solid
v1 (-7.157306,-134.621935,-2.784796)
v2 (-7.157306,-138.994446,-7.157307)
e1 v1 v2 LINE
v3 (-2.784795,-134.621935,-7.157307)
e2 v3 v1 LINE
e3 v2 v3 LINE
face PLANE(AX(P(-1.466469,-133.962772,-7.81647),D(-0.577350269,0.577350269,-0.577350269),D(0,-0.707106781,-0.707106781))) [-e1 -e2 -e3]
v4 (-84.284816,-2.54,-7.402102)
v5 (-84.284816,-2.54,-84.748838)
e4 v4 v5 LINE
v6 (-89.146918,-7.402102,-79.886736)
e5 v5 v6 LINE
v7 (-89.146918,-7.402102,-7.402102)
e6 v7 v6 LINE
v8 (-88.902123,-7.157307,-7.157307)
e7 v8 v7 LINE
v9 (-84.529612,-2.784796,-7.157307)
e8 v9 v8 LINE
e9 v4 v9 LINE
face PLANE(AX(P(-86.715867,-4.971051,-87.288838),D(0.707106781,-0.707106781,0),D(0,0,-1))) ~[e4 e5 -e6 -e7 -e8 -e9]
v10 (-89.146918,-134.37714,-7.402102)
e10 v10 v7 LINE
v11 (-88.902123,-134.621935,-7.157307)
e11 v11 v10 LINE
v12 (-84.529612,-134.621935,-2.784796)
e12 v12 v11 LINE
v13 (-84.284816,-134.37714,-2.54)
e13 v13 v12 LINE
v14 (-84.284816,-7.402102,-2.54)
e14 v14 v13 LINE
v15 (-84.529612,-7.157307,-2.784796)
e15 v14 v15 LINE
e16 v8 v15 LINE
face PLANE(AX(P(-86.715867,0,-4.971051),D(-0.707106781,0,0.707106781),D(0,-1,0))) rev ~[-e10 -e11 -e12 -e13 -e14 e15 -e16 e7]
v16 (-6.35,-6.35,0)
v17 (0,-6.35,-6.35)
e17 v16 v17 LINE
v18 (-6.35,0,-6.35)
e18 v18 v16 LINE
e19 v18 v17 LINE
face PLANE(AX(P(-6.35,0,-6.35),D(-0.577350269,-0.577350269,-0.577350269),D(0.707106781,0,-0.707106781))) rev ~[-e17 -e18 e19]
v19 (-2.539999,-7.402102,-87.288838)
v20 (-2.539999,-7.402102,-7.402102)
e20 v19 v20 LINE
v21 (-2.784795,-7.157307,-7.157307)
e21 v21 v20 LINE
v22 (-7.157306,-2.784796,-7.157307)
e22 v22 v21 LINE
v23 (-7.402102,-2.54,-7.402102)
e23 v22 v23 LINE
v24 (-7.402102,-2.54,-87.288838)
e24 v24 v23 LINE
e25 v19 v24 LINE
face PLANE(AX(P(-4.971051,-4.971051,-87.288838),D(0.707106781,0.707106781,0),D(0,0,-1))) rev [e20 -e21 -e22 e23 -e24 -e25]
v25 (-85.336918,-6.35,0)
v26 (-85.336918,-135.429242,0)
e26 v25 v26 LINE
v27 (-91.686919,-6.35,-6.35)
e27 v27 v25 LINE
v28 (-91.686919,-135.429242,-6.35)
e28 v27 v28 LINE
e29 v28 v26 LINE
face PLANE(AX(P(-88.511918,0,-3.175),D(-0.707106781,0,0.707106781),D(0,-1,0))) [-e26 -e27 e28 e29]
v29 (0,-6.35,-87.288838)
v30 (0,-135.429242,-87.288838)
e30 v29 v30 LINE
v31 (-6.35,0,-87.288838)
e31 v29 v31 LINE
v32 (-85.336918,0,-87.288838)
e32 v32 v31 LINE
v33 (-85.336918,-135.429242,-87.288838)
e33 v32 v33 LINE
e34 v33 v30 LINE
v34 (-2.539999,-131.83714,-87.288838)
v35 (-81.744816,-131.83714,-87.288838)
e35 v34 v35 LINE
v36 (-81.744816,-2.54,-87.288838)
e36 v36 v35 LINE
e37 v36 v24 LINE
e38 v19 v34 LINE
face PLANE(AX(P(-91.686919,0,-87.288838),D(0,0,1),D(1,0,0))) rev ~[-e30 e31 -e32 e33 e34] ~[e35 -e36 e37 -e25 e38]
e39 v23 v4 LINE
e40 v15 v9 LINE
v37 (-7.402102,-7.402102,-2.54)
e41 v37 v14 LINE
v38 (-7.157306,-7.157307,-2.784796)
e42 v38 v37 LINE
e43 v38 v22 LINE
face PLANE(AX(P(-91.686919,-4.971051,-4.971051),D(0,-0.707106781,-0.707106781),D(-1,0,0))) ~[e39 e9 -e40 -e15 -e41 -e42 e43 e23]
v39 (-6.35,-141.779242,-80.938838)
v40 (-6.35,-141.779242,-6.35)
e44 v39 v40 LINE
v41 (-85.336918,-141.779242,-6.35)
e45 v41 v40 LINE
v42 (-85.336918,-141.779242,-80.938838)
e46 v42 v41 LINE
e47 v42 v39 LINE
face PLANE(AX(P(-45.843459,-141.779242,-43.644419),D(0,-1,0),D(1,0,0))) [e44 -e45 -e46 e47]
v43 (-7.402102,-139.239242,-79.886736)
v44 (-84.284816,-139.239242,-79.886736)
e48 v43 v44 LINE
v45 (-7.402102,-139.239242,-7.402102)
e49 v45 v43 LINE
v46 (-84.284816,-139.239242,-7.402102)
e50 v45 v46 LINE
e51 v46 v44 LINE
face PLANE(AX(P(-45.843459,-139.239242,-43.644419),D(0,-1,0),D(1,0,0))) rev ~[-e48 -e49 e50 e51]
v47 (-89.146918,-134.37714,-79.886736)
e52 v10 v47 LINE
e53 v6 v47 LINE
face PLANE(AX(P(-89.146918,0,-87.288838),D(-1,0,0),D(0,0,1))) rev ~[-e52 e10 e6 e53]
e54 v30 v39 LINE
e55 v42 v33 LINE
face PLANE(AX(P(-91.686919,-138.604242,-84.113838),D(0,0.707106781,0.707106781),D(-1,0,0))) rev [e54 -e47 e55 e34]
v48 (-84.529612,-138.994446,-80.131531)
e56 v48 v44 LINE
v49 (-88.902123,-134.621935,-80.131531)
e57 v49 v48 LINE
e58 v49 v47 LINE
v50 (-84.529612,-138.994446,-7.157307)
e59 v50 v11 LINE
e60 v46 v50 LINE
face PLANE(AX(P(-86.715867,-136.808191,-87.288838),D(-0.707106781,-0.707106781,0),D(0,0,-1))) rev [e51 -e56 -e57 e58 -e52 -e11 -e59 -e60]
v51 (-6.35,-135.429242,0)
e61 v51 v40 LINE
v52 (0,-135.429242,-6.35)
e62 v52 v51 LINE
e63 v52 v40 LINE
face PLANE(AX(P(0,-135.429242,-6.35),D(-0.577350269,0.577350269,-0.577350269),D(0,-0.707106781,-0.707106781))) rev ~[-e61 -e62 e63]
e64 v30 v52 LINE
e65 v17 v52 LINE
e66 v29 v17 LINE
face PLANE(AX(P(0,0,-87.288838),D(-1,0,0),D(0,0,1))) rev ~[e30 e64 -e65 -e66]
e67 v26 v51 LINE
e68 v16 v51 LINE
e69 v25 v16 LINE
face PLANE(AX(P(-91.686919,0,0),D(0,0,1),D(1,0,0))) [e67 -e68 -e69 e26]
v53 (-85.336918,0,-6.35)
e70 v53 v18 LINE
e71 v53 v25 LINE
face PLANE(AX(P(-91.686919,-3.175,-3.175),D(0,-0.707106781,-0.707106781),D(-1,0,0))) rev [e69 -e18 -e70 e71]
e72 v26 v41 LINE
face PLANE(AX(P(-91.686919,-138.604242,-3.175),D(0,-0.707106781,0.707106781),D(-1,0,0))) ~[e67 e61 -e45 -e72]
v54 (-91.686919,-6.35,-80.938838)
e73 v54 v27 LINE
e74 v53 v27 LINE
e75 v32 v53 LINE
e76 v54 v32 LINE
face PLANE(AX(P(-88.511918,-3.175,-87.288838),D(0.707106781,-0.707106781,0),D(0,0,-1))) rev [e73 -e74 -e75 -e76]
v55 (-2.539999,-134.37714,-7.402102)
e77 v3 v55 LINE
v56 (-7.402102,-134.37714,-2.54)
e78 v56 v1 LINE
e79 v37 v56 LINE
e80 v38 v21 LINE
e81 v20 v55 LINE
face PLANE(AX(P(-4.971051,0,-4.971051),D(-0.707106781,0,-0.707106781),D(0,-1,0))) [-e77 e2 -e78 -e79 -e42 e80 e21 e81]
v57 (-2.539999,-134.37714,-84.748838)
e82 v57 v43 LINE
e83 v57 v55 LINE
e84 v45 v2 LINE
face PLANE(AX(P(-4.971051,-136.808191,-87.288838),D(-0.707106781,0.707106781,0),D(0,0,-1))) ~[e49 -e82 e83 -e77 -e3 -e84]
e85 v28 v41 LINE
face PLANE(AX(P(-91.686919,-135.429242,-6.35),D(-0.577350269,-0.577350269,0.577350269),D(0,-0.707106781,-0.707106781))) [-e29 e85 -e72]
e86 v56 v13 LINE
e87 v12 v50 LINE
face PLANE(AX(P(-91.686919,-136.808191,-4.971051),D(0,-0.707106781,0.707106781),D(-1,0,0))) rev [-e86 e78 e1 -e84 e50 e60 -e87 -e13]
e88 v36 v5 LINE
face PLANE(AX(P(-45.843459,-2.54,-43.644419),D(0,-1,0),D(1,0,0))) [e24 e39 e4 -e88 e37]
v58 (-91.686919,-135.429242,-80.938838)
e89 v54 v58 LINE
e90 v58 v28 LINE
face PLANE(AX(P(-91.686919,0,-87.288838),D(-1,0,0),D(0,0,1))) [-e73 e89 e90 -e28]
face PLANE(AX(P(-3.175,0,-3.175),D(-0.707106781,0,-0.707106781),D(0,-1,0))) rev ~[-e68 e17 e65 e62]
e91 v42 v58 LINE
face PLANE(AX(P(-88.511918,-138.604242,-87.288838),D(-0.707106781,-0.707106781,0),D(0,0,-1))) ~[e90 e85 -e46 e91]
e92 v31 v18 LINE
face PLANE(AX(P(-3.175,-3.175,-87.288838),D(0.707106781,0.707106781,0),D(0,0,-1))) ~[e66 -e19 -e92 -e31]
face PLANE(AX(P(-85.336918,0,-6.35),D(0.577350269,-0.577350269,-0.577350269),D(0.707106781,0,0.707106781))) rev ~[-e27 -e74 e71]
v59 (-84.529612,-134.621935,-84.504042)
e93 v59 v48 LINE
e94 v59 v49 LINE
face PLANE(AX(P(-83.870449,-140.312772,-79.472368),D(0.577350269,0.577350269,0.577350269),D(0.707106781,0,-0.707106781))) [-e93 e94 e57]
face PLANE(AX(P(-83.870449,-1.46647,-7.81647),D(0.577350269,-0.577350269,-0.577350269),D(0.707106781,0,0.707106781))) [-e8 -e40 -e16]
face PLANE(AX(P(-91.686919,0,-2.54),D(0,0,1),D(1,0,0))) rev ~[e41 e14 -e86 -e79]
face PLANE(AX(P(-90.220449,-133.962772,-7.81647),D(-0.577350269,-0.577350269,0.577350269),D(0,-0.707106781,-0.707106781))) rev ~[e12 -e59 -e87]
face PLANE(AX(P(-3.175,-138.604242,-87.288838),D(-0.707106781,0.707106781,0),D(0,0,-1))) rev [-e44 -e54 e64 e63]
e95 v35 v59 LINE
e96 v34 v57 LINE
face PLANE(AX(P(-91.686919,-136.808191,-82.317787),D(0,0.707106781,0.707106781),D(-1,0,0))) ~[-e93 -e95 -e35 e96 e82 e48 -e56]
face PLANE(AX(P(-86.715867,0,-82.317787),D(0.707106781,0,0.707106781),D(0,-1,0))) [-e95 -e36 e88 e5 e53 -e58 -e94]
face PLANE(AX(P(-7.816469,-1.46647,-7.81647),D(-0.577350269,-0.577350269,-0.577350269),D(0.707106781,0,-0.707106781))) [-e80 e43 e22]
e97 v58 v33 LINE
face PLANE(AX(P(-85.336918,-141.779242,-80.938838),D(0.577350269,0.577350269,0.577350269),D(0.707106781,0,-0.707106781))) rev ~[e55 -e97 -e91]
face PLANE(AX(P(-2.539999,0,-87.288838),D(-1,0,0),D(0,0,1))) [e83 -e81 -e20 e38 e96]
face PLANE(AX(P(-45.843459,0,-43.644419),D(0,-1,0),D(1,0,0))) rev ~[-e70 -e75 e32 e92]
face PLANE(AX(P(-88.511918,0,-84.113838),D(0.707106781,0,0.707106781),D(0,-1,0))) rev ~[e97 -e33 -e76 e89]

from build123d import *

# Parameters (mm, degrees)
F0_W     = 91.686919
F0_H     = 87.288838
F1_DEPTH = 141.779242
F2_SIZE  = 6.35
F3_T     = -2.54


with BuildPart() as f1:
    # F0 (on Front) → F1 (new body)
    with BuildSketch(Plane.XZ):
        with Locations((-45.843459, -43.644419)):
            Rectangle(F0_W, F0_H)
    extrude(amount=F1_DEPTH)

    # F2
    f2_edges = [f1.edges().sort_by_distance(p)[0] for p in [
        (-45.84346, -141.779242, 0),
        (-91.686919, -70.889621, 0),
        (-91.686919, -70.889621, -87.288838),
        (-91.686919, 0, -43.644419),
        (-91.686919, -141.779242, -43.644419),
        (0, -70.889621, 0),
        (-45.84346, 0, 0),
        (-45.84346, -141.779242, -87.288838),
        (0, -141.779242, -43.644419),
        (0, 0, -43.644419),
    ]]
    chamfer(f2_edges, length=F2_SIZE)

    # F3
    f3_openings = [f1.faces().sort_by_distance(p)[0] for p in [
        (-42.739325, -67.829256, -87.288838),
    ]]
    offset(amount=F3_T, openings=f3_openings)


solid = f1.part
